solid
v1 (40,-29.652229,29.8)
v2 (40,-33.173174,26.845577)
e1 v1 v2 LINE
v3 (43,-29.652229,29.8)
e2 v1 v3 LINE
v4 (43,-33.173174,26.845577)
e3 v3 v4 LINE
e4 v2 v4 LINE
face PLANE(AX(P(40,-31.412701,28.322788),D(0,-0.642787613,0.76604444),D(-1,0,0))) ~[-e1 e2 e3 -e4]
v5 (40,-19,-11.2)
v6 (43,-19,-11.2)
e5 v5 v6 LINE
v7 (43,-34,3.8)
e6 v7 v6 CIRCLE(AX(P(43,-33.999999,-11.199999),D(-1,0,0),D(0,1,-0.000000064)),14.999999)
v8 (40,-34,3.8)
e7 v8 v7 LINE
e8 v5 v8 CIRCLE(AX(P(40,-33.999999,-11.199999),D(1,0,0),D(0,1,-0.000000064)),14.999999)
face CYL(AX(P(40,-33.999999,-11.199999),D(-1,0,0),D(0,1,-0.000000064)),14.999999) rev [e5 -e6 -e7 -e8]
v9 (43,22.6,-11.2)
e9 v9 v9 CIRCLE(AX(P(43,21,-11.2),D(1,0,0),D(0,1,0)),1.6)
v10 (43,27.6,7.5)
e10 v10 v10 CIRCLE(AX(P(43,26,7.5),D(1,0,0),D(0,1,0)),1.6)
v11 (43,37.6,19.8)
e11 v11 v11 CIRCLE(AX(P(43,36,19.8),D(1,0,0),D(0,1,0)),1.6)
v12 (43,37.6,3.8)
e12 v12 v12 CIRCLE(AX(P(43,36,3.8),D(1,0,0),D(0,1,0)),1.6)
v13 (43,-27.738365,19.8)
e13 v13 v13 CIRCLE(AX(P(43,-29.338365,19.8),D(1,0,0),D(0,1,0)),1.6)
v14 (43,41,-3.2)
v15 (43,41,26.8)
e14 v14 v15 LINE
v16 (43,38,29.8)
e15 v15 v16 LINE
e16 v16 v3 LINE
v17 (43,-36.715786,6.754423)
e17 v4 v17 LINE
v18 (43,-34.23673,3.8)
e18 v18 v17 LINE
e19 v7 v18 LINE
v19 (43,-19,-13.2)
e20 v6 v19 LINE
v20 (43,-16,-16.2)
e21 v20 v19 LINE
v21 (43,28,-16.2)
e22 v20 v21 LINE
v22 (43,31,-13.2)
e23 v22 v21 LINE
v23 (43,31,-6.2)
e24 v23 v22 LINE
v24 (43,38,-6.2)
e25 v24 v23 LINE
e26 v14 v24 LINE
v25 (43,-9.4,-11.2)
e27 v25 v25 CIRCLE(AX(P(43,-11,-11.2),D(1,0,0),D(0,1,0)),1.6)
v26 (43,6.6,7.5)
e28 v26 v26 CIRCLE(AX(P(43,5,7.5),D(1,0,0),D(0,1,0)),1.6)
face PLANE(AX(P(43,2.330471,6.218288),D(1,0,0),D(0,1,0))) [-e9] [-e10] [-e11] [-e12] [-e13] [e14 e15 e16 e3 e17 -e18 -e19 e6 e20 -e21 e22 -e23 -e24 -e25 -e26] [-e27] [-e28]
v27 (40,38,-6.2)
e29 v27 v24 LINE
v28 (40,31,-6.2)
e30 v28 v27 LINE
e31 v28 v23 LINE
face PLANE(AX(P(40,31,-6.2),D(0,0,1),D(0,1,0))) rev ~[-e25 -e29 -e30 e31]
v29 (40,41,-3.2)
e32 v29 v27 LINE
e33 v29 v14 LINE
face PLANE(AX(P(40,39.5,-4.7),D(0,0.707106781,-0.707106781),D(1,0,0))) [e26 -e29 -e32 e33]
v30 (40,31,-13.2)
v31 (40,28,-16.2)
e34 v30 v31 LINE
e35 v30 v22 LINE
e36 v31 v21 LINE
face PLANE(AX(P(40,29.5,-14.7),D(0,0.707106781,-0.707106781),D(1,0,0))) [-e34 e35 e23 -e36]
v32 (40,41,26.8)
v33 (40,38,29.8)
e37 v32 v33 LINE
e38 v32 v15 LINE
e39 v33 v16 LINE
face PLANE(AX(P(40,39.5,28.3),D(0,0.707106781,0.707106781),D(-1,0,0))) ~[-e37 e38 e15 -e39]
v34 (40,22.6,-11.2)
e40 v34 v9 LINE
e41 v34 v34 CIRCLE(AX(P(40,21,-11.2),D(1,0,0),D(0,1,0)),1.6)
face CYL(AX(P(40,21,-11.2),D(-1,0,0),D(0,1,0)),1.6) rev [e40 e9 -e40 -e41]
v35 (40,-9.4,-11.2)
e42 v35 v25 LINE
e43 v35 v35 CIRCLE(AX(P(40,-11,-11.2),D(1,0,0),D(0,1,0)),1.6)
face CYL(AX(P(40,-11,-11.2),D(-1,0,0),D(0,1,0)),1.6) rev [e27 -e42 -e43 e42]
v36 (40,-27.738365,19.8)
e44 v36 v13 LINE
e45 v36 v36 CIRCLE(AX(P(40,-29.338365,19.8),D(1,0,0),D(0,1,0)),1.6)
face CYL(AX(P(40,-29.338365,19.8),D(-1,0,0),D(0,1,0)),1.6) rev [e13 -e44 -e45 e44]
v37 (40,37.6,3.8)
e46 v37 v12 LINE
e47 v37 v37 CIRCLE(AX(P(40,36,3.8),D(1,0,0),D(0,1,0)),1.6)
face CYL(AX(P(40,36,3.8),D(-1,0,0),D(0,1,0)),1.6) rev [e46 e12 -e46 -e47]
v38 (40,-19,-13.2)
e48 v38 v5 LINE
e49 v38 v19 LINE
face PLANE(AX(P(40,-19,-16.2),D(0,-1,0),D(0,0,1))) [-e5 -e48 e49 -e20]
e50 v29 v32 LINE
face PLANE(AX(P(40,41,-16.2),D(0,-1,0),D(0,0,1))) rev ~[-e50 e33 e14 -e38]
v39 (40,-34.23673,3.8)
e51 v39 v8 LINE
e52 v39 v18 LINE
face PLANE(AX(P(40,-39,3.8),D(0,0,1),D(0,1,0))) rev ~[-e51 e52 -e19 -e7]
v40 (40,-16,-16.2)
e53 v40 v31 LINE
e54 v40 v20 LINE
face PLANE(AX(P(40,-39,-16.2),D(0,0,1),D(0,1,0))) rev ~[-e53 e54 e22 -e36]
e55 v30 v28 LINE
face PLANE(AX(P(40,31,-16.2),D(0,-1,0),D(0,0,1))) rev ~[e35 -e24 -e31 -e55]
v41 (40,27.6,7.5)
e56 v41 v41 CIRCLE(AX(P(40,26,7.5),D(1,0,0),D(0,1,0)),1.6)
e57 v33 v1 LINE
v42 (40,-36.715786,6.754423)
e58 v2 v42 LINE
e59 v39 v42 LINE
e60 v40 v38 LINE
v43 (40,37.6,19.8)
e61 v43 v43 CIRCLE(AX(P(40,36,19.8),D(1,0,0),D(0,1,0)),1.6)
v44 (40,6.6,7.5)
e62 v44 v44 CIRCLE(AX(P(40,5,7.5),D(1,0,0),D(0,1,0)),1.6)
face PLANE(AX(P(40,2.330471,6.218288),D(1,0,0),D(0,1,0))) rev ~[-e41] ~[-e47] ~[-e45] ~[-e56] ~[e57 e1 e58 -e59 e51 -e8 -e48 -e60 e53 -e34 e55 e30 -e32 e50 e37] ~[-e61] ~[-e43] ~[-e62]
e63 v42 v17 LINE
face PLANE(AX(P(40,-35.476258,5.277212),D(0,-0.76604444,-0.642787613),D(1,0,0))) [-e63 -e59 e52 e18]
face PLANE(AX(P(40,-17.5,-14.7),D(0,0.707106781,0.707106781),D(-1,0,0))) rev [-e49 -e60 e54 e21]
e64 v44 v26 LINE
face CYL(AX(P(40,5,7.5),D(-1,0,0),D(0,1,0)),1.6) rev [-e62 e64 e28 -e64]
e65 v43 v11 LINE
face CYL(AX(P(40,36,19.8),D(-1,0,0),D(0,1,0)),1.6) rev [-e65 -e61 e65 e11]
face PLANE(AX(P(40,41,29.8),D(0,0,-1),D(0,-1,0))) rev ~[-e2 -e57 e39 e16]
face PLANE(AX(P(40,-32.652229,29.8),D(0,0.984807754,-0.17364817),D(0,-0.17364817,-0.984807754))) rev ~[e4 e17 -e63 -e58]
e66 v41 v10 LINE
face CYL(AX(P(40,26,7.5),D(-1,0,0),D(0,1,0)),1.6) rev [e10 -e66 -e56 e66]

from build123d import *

# Parameters (mm, degrees)
SKETCH040_R     = 1.6
PAD023_DEPTH    = 3
SKETCH041_W     = 10
SKETCH041_H     = 10
POCKET016_DEPTH = 3.001
CHAMFER005_SIZE = 3


with BuildPart() as part:
    # Sketch040 → Pad023 (new body)
    with BuildSketch(Plane.YZ):
        Polygon((41, -16.2), (41, 29.8), (-32.652229, 29.8), (-39, -6.2), (-39, -16.2), align=None)
        with Locations((36, 19.8)):
            Circle(SKETCH040_R, mode=Mode.SUBTRACT)
        with Locations((-29.338365, 19.8)):
            Circle(SKETCH040_R, mode=Mode.SUBTRACT)
        with Locations((21, -11.2)):
            Circle(SKETCH040_R, mode=Mode.SUBTRACT)
        with Locations((-11, -11.2)):
            Circle(SKETCH040_R, mode=Mode.SUBTRACT)
        with Locations((5, 7.5)):
            Circle(SKETCH040_R, mode=Mode.SUBTRACT)
        with Locations((26, 7.5)):
            Circle(SKETCH040_R, mode=Mode.SUBTRACT)
        with Locations((36, 3.8)):
            Circle(SKETCH040_R, mode=Mode.SUBTRACT)
    extrude(amount=PAD023_DEPTH)

    # Sketch041 → Pocket016 (cut, through all)
    with BuildSketch(Plane.YZ):
        with Locations((36, -11.2)):
            Rectangle(SKETCH041_W, SKETCH041_H)
        with BuildLine():
            Line((-39, -16.2), (-39, 3.8))
            Line((-39, 3.8), (-34, 3.8))
            ThreePointArc((-19, -11.2), (-23.393398, -0.593398), (-34, 3.8))
            Line((-19, -16.2), (-19, -11.2))
            Line((-39, -16.2), (-19, -16.2))
        make_face()
    extrude(amount=POCKET016_DEPTH, mode=Mode.SUBTRACT)

    # Chamfer005
    chamfer005_edges = [part.edges().sort_by_distance(p)[0] for p in [
        (1.5, -32.652229, 29.8),
        (1.5, -37.23673, 3.8),
        (1.5, -19, -16.2),
        (1.5, 41, 29.8),
        (1.5, 41, -6.2),
        (1.5, 31, -16.2),
    ]]
    chamfer(chamfer005_edges, length=CHAMFER005_SIZE)


with BuildPart() as part_1:
    # Body023 placement: moved
    add(part.part.moved(Location((40, 0, 0))))


solid = part_1.part
